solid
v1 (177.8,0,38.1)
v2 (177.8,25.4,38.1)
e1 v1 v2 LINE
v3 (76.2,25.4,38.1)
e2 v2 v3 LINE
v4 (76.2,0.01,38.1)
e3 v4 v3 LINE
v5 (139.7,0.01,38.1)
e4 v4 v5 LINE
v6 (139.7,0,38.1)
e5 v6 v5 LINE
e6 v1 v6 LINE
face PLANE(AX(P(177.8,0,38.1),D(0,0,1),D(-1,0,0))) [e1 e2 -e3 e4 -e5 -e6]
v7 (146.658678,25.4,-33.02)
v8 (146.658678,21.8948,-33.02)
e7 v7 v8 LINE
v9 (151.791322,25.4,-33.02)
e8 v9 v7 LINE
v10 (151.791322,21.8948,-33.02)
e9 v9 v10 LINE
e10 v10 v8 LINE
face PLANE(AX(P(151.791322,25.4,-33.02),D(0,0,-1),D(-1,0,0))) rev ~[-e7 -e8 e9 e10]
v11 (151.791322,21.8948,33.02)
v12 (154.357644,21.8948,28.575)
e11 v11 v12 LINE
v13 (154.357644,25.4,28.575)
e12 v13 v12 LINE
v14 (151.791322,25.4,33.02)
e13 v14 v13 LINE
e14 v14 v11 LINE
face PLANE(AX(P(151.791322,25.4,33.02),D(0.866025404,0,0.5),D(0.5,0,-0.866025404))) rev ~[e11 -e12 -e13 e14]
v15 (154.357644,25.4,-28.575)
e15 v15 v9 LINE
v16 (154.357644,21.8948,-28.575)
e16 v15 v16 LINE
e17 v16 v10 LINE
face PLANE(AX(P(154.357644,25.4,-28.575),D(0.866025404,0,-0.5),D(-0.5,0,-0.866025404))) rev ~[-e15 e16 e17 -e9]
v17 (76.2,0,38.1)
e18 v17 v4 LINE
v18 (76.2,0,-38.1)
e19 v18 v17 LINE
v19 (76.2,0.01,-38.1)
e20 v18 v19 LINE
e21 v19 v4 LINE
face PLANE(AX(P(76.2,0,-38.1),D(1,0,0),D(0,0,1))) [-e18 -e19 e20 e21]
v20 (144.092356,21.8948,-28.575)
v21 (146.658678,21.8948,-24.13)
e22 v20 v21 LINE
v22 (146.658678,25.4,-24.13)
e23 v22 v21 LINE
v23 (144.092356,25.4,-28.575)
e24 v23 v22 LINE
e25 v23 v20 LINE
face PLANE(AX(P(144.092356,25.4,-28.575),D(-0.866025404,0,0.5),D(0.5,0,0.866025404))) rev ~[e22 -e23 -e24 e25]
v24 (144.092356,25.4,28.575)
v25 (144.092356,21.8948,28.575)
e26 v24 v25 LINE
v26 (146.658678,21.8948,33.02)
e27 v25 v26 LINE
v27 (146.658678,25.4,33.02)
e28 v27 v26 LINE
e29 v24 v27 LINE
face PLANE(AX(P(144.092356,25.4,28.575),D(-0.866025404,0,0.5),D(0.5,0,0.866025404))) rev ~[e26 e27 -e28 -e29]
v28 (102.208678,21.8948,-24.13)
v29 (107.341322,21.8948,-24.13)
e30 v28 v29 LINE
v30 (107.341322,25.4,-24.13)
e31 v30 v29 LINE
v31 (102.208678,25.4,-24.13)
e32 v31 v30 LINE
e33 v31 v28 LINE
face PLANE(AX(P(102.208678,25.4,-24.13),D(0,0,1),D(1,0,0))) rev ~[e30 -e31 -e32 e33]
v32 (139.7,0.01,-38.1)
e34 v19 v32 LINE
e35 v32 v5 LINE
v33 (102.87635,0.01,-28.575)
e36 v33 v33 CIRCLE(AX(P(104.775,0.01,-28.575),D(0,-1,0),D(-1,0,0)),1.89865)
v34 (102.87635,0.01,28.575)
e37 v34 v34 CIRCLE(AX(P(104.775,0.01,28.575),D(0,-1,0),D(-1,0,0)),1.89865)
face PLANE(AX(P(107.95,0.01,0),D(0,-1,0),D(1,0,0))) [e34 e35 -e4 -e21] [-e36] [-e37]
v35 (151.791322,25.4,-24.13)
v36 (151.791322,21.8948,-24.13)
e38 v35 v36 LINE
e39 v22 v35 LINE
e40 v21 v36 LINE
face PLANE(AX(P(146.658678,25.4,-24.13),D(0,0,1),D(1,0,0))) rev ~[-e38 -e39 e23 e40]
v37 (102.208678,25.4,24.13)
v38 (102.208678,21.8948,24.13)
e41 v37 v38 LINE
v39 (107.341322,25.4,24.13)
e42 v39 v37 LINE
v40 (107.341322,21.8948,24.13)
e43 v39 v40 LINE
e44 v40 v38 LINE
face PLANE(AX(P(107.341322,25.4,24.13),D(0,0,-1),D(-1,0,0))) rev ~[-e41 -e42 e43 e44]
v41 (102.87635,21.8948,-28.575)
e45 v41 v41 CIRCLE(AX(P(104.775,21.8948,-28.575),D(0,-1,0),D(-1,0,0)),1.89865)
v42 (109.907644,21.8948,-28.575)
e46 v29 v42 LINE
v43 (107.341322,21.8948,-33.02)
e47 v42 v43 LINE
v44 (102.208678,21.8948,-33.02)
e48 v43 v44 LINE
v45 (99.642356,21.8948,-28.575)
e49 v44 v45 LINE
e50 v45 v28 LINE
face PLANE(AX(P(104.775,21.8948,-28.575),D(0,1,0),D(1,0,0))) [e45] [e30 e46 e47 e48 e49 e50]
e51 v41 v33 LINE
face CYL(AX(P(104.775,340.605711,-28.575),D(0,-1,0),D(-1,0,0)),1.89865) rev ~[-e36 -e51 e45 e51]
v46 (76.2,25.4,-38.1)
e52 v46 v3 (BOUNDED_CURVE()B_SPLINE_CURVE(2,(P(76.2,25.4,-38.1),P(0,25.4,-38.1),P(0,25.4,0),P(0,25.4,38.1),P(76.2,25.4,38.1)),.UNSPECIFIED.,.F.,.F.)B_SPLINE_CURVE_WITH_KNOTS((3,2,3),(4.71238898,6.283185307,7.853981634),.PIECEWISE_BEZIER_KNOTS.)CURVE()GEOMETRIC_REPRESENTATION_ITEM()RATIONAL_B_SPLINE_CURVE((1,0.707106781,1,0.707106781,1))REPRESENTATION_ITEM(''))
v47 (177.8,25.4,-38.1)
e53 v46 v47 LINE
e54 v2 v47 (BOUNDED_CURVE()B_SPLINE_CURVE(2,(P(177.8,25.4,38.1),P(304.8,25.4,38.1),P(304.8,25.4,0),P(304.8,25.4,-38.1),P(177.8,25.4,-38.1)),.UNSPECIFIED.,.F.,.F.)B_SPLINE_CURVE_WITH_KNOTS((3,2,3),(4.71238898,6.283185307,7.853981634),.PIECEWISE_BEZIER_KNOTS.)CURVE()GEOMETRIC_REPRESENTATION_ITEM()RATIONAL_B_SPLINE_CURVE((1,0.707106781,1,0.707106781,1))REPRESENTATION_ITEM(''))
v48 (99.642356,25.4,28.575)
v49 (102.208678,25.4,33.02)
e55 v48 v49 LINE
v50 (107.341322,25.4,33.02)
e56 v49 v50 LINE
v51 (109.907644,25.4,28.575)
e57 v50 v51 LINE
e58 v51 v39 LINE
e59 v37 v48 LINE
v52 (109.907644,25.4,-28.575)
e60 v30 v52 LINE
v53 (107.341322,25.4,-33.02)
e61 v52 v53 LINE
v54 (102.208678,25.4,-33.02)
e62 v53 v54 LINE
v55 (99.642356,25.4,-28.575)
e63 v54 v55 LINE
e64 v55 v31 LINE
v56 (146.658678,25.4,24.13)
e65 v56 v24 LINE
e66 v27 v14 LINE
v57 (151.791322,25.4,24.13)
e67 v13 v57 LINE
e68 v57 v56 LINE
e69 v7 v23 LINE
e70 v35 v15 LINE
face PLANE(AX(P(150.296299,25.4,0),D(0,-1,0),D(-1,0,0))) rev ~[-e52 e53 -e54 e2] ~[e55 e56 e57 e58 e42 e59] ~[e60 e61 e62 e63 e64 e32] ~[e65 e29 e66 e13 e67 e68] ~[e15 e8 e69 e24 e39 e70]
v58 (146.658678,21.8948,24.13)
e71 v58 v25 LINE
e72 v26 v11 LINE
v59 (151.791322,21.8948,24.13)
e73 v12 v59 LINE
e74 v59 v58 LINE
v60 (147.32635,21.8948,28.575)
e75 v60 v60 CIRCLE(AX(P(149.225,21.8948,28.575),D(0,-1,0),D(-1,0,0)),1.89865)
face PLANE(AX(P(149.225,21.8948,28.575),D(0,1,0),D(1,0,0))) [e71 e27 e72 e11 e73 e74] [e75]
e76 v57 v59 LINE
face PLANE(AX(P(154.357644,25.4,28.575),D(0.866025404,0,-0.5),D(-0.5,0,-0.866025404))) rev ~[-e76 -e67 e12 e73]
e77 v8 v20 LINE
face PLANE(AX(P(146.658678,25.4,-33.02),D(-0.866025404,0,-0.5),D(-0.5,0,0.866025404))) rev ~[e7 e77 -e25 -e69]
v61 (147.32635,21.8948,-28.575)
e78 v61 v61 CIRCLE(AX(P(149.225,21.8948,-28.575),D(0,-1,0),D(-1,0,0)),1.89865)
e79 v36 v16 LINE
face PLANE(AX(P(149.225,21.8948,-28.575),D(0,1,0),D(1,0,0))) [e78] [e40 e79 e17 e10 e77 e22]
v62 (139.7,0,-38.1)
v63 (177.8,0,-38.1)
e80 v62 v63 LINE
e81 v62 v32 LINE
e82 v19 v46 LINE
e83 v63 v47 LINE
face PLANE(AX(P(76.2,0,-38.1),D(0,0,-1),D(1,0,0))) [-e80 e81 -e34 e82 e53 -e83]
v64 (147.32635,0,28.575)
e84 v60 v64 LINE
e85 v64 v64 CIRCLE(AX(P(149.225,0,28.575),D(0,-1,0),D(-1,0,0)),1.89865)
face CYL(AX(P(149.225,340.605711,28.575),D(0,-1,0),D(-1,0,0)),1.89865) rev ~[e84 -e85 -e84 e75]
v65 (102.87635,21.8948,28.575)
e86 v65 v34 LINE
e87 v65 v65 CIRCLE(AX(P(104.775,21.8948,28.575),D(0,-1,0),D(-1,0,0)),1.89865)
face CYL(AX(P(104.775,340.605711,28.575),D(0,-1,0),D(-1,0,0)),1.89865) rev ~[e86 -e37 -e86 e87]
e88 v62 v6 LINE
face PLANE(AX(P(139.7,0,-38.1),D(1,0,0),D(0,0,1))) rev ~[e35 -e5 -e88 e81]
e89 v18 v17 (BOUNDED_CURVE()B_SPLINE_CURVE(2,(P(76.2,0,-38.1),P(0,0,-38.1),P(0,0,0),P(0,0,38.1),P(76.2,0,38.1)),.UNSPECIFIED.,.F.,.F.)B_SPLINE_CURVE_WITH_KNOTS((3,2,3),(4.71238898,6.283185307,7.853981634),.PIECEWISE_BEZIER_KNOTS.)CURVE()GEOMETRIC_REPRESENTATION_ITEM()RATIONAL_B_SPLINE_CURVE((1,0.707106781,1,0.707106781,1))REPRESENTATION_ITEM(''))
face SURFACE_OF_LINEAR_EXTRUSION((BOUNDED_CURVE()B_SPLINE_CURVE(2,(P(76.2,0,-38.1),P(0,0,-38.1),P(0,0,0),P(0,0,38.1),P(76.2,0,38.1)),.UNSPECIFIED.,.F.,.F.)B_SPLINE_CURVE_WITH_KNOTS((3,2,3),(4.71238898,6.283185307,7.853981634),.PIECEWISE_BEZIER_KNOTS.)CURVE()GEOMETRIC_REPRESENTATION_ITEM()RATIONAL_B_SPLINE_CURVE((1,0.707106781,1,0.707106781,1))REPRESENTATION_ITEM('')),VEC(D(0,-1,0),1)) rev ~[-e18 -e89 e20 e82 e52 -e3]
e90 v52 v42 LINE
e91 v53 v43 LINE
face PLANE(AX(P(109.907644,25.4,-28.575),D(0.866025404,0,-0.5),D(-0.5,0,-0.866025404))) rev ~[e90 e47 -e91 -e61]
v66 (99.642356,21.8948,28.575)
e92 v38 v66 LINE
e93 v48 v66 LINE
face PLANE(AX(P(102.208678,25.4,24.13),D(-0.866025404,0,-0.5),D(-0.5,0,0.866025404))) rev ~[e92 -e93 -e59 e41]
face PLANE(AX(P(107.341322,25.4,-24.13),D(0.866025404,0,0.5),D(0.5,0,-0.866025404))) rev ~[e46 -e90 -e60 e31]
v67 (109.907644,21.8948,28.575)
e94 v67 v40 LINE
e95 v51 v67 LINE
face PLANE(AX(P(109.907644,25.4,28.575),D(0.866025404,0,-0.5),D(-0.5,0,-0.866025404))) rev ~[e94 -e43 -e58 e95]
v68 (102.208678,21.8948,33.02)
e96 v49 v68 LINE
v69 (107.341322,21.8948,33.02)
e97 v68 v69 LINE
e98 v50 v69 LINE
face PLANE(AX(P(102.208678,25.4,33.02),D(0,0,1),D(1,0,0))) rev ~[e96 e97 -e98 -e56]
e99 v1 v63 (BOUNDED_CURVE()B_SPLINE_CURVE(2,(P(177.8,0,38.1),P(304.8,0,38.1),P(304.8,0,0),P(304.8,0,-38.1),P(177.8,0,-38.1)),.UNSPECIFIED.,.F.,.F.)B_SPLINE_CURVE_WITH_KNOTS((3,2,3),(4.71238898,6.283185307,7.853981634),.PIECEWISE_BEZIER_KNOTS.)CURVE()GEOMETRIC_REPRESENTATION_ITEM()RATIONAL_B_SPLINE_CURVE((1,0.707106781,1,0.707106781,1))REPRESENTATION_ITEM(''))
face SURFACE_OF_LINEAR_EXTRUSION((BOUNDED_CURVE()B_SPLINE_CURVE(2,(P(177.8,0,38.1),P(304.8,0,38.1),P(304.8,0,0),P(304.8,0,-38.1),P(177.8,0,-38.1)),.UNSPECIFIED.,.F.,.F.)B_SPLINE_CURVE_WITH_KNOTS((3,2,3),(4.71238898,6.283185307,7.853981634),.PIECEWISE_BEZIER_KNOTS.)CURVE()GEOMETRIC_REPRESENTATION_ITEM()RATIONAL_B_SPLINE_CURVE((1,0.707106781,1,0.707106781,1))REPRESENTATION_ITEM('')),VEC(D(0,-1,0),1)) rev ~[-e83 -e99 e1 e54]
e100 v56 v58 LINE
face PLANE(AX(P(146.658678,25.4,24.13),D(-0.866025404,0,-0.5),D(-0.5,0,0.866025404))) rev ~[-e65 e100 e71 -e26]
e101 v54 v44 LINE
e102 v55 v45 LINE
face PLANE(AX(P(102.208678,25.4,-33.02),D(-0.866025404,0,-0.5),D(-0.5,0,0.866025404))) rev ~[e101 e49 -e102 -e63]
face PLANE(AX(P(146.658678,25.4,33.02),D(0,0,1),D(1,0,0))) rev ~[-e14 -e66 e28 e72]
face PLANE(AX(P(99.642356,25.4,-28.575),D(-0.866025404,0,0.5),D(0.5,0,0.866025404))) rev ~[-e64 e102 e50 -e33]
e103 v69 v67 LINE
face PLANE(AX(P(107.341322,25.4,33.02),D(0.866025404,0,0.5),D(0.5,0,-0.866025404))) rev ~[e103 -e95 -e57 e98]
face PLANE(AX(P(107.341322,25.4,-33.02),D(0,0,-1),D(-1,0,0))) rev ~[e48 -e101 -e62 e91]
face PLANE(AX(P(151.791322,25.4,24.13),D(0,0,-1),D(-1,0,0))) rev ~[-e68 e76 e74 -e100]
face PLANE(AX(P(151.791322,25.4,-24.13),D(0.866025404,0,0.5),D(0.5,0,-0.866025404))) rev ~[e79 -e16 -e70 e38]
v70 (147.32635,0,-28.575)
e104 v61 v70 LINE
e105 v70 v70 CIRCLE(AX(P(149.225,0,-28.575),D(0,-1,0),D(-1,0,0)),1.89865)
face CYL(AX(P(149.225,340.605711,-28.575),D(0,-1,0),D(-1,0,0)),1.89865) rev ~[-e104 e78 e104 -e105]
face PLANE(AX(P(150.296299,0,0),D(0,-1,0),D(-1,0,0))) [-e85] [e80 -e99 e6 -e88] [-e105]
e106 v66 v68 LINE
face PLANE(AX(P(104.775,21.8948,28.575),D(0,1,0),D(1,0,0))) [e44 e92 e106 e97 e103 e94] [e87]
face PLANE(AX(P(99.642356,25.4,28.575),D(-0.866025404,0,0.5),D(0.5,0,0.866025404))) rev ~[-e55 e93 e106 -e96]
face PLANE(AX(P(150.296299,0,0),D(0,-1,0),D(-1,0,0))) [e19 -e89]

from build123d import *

# Parameters (mm, degrees)
BOSS_EXTRUDE1_DEPTH   = 25.4
SKETCH4_W             = 63.5
SKETCH4_H             = 76.2
CUT_EXTRUDE4_DEPTH    = 0.01
F_6_CLEARANCE_HOLE1_D = 3.7973
CUT_EXTRUDE5_DEPTH    = 3.5052


with BuildPart() as part:
    # Sketch1 → Boss-Extrude1 (new body)
    with BuildSketch(Plane(origin=(0, 0, 0), x_dir=(1, 0, 0), z_dir=(0, 1, 0))):
        with BuildLine():
            Line((76.2, 38.1), (177.8, 38.1))
            add(Edge.make_bspline(
                [(177.8, -38.1), (304.8, -38.1), (304.8, 0), (304.8, 38.1), (177.8, 38.1)],
                knots=[4.71238898, 4.71238898, 4.71238898, 6.283185307, 6.283185307, 7.853981634, 7.853981634, 7.853981634], degree=2, weights=[1, 0.707106781, 1, 0.707106781, 1]))
            Line((177.8, -38.1), (76.2, -38.1))
            add(Edge.make_bspline(
                [(76.2, 38.1), (0, 38.1), (0, 0), (0, -38.1), (76.2, -38.1)],
                knots=[4.71238898, 4.71238898, 4.71238898, 6.283185307, 6.283185307, 7.853981634, 7.853981634, 7.853981634], degree=2, weights=[1, 0.707106781, 1, 0.707106781, 1]))
        make_face()
    extrude(amount=BOSS_EXTRUDE1_DEPTH)

    # Sketch4 → Cut-Extrude4 (cut)
    with BuildSketch(Plane.XZ):
        with Locations((107.95, 0)):
            Rectangle(SKETCH4_W, SKETCH4_H)
    extrude(amount=-CUT_EXTRUDE4_DEPTH, mode=Mode.SUBTRACT)

    # #6 Clearance Hole1 (through all)
    with Locations(Plane(origin=(0, 25.4, 0), x_dir=(1, 0, 0), z_dir=(0, 1, 0))):
        with Locations((104.775, 28.575), (149.225, 28.575), (149.225, -28.575), (104.775, -28.575)):
            Hole(F_6_CLEARANCE_HOLE1_D / 2)

    # Sketch7 → Cut-Extrude5 (cut)
    with BuildSketch(Plane(origin=(0, 25.4, 0), x_dir=(1, 0, 0), z_dir=(0, 1, 0))):
        Polygon((144.092356107, 28.575), (146.658678053, 24.13), (151.791321947, 24.13), (154.357643893, 28.575), (151.791321947, 33.02), (146.658678053, 33.02), align=None)
        Polygon((144.092356107, -28.575), (146.658678053, -33.02), (151.791321947, -33.02), (154.357643893, -28.575), (151.791321947, -24.13), (146.658678053, -24.13), align=None)
        Polygon((99.642356107, -28.575), (102.208678053, -33.02), (107.341321947, -33.02), (109.907643893, -28.575), (107.341321947, -24.13), (102.208678053, -24.13), align=None)
        Polygon((99.642356107, 28.575), (102.208678053, 24.13), (107.341321947, 24.13), (109.907643893, 28.575), (107.341321947, 33.02), (102.208678053, 33.02), align=None)
    extrude(amount=-CUT_EXTRUDE5_DEPTH, mode=Mode.SUBTRACT)


solid = part.part
